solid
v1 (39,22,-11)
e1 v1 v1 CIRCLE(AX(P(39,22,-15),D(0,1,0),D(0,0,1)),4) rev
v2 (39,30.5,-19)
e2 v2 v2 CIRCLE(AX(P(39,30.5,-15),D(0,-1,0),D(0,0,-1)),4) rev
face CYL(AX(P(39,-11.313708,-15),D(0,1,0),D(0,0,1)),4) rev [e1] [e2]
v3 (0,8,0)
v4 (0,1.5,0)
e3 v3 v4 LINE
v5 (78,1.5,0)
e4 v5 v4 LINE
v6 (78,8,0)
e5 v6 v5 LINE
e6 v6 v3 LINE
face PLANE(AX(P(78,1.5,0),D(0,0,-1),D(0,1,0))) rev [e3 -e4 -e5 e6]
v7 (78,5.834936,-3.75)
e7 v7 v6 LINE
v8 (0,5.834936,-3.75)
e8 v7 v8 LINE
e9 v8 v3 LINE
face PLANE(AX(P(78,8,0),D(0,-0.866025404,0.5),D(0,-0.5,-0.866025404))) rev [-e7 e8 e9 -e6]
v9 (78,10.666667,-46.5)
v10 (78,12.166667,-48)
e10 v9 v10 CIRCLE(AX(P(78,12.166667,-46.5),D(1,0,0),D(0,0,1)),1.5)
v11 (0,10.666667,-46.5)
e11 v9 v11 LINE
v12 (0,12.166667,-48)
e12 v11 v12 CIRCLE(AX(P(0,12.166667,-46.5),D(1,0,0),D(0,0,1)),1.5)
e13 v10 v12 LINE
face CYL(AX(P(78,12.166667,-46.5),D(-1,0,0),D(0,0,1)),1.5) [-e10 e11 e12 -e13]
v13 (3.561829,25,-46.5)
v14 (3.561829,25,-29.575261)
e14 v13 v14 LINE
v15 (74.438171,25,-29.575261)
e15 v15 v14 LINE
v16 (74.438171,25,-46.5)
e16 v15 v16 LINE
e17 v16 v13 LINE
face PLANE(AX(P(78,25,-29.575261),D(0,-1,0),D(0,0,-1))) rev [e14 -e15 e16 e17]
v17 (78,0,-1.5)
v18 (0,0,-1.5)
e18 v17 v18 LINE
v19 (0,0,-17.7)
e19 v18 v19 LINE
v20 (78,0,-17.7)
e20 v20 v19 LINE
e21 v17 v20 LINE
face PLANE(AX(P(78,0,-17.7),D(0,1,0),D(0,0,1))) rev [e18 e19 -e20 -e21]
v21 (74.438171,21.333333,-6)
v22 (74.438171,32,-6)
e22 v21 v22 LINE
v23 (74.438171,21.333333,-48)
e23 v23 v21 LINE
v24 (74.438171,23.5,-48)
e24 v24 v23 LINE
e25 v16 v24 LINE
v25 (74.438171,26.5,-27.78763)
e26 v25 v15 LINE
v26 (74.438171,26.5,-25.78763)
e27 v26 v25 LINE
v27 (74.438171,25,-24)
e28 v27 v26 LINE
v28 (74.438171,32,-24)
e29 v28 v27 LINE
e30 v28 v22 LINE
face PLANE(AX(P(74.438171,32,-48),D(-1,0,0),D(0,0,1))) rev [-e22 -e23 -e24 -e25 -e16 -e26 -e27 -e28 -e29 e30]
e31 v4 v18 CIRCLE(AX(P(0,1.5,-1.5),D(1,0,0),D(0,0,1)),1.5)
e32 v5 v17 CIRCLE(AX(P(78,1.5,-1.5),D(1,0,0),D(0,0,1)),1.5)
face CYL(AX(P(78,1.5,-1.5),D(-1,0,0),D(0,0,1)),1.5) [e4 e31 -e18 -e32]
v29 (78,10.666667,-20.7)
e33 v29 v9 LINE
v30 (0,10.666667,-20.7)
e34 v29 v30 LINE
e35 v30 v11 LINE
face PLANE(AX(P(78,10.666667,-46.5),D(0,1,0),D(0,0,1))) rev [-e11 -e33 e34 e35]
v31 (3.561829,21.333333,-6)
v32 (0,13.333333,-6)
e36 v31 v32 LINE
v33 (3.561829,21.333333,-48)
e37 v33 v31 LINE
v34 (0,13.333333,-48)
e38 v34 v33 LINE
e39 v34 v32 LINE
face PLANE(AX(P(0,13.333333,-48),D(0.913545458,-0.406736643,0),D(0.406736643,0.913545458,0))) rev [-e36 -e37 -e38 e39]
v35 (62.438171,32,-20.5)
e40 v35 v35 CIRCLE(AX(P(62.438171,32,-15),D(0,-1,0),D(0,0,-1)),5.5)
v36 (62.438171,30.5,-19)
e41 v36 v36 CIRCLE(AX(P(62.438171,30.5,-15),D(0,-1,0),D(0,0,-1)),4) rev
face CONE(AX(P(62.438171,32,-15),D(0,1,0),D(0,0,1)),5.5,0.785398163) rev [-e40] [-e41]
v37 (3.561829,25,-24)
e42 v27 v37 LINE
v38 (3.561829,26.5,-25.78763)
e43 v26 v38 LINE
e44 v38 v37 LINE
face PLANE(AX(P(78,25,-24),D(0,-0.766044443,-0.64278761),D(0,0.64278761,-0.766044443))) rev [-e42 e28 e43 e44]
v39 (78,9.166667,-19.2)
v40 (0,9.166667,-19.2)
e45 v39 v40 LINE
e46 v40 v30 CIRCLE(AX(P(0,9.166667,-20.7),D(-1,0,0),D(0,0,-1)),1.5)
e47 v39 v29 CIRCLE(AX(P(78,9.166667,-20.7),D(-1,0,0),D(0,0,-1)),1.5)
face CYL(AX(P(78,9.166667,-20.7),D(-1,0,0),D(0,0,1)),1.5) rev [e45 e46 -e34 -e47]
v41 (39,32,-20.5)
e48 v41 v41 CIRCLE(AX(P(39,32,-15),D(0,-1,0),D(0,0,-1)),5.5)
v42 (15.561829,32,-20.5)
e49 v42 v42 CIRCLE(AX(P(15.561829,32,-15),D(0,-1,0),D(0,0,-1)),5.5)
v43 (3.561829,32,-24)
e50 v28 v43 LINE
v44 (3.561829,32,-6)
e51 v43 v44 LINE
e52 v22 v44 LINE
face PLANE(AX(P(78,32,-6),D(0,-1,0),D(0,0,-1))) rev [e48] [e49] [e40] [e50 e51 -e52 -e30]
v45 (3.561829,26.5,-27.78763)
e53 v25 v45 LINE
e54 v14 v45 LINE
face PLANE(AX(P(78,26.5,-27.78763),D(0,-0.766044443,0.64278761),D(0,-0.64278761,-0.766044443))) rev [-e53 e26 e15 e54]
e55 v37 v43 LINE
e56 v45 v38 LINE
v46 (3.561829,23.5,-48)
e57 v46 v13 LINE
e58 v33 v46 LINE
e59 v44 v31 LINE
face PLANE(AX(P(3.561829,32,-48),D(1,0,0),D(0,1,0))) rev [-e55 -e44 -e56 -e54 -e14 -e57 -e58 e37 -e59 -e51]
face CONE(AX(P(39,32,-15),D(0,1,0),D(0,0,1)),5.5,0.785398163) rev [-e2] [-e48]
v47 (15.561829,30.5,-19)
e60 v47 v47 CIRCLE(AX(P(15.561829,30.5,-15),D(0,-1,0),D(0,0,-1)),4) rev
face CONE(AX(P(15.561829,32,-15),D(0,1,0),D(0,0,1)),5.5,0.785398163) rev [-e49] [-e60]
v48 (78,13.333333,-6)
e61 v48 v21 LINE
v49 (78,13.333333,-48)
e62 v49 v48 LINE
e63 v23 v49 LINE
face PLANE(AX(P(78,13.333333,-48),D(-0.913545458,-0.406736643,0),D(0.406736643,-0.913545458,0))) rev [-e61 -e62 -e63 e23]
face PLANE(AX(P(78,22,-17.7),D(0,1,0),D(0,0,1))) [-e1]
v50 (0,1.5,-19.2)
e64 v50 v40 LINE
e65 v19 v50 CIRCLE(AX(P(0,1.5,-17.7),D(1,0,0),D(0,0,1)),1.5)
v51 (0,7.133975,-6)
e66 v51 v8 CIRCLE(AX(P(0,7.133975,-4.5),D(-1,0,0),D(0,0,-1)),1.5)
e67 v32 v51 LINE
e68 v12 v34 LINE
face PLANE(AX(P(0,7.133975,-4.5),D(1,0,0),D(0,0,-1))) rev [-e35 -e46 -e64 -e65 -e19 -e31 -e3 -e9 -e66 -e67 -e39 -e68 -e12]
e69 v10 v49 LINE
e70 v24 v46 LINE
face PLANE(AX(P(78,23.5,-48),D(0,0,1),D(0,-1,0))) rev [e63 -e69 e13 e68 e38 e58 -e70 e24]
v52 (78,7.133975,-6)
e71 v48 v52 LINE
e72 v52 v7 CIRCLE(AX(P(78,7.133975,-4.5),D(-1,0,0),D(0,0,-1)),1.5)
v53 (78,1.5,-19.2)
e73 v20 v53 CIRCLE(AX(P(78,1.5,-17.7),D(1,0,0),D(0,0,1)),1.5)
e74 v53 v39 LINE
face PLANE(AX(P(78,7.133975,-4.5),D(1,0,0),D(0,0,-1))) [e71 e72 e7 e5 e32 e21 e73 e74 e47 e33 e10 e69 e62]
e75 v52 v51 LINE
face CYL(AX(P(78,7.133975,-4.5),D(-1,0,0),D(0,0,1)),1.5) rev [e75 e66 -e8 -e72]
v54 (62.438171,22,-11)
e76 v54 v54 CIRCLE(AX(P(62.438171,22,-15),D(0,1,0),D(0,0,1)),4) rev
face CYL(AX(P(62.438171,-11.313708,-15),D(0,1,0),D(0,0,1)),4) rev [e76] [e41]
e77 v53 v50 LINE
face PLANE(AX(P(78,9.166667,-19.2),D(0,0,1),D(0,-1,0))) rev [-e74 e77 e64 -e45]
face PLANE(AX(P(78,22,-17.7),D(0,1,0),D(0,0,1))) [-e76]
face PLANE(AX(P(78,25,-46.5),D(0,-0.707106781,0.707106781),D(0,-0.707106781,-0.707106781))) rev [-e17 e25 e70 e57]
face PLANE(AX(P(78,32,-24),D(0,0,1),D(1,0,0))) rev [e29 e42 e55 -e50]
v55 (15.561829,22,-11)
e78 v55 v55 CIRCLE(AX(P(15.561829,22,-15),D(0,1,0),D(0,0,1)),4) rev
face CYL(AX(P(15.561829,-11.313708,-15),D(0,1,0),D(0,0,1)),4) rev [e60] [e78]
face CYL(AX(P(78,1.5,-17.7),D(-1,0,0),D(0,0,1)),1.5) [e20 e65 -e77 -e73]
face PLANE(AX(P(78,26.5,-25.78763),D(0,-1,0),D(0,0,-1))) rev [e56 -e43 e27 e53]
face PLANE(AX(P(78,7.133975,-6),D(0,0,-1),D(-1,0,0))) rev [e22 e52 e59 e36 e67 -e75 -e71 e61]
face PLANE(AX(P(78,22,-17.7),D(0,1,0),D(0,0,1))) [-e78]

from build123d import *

# Parameters (mm, degrees)
BOSS_EXTRUDE1_DEPTH     = 78
CUT_EXTRUDE1_DEPTH      = 98.015462685
CUT_EXTRUDE1_DEPTH_BACK = 98.015462685
CUT_EXTRUDE2_DEPTH      = 98.015462685
CUT_EXTRUDE2_DEPTH_BACK = 10
SKETCH3_R               = 4
CHAMFER1_SIZE           = 1.5


with BuildPart() as part:
    # Sketch1 → Boss-Extrude1 (new body)
    with BuildSketch(Plane(origin=(0, 0, 0), x_dir=(0, 0, -1), z_dir=(1, 0, 0))):
        with BuildLine():
            Line((0, 8), (3.75, 5.834936491))
            ThreePointArc((3.75, 5.834936491), (5.25, 5.834936491), (6, 7.133974596))
            Line((6, 7.133974596), (6, 32))
            Line((6, 32), (24, 32))
            Line((24, 32), (24, 25))
            Line((24, 25), (25.787630389, 26.5))
            Line((25.787630389, 26.5), (27.787630389, 26.5))
            Line((27.787630389, 26.5), (29.575260778, 25))
            Line((29.575260778, 25), (46.5, 25))
            Line((46.5, 25), (48, 23.5))
            Line((48, 23.5), (48, 12.166666667))
            ThreePointArc((48, 12.166666667), (47.560660172, 11.106006495), (46.5, 10.666666667))
            Line((46.5, 10.666666667), (20.7, 10.666666667))
            ThreePointArc((20.7, 10.666666667), (19.639339828, 10.227326838), (19.2, 9.166666667))
            Line((19.2, 9.166666667), (19.2, 1.5))
            ThreePointArc((19.2, 1.5), (18.760660172, 0.439339828), (17.7, 0))
            Line((17.7, 0), (1.5, 0))
            ThreePointArc((1.5, 0), (0.439339828, 0.439339828), (0, 1.5))
            Line((0, 1.5), (0, 8))
        make_face()
    extrude(amount=BOSS_EXTRUDE1_DEPTH)

    # Sketch2 → Cut-Extrude1 (cut, two sides: drawn at the far end of the back side and taken through both)
    with BuildSketch(Plane.XY.offset(-CUT_EXTRUDE1_DEPTH_BACK)):
        Polygon((3.561829482, 32), (3.561829482, 21.333333333), (0, 13.333333333), (0, 32), align=None)
        Polygon((78, 13.333333333), (74.438170518, 21.333333333), (74.438170518, 32), (78, 32), align=None)
    extrude(amount=CUT_EXTRUDE1_DEPTH + CUT_EXTRUDE1_DEPTH_BACK, mode=Mode.SUBTRACT)

    # Sketch3 → Cut-Extrude2 (cut, two sides: drawn at the far end of the back side and taken through both)
    with BuildSketch(Plane(origin=(0, 32, 0), x_dir=(1, 0, 0), z_dir=(0, 1, 0)).offset(-CUT_EXTRUDE2_DEPTH_BACK)):
        with Locations(Location((15.561829482, 15, 0), (0, 0, 270))):
            Circle(SKETCH3_R)
        with Locations(Location((62.438170518, 15, 0), (0, 0, 270))):
            Circle(SKETCH3_R)
        with Locations(Location((39, 15, 0), (0, 0, 270))):
            Circle(SKETCH3_R)
    extrude(amount=CUT_EXTRUDE2_DEPTH + CUT_EXTRUDE2_DEPTH_BACK, mode=Mode.SUBTRACT)

    # Chamfer1
    chamfer1_edges = [part.edges().sort_by_distance(p)[0] for p in [
        (15.561829482, 32, -19),
        (62.438170518, 32, -19),
        (39, 32, -19),
    ]]
    chamfer(chamfer1_edges, length=CHAMFER1_SIZE)


solid = part.part
